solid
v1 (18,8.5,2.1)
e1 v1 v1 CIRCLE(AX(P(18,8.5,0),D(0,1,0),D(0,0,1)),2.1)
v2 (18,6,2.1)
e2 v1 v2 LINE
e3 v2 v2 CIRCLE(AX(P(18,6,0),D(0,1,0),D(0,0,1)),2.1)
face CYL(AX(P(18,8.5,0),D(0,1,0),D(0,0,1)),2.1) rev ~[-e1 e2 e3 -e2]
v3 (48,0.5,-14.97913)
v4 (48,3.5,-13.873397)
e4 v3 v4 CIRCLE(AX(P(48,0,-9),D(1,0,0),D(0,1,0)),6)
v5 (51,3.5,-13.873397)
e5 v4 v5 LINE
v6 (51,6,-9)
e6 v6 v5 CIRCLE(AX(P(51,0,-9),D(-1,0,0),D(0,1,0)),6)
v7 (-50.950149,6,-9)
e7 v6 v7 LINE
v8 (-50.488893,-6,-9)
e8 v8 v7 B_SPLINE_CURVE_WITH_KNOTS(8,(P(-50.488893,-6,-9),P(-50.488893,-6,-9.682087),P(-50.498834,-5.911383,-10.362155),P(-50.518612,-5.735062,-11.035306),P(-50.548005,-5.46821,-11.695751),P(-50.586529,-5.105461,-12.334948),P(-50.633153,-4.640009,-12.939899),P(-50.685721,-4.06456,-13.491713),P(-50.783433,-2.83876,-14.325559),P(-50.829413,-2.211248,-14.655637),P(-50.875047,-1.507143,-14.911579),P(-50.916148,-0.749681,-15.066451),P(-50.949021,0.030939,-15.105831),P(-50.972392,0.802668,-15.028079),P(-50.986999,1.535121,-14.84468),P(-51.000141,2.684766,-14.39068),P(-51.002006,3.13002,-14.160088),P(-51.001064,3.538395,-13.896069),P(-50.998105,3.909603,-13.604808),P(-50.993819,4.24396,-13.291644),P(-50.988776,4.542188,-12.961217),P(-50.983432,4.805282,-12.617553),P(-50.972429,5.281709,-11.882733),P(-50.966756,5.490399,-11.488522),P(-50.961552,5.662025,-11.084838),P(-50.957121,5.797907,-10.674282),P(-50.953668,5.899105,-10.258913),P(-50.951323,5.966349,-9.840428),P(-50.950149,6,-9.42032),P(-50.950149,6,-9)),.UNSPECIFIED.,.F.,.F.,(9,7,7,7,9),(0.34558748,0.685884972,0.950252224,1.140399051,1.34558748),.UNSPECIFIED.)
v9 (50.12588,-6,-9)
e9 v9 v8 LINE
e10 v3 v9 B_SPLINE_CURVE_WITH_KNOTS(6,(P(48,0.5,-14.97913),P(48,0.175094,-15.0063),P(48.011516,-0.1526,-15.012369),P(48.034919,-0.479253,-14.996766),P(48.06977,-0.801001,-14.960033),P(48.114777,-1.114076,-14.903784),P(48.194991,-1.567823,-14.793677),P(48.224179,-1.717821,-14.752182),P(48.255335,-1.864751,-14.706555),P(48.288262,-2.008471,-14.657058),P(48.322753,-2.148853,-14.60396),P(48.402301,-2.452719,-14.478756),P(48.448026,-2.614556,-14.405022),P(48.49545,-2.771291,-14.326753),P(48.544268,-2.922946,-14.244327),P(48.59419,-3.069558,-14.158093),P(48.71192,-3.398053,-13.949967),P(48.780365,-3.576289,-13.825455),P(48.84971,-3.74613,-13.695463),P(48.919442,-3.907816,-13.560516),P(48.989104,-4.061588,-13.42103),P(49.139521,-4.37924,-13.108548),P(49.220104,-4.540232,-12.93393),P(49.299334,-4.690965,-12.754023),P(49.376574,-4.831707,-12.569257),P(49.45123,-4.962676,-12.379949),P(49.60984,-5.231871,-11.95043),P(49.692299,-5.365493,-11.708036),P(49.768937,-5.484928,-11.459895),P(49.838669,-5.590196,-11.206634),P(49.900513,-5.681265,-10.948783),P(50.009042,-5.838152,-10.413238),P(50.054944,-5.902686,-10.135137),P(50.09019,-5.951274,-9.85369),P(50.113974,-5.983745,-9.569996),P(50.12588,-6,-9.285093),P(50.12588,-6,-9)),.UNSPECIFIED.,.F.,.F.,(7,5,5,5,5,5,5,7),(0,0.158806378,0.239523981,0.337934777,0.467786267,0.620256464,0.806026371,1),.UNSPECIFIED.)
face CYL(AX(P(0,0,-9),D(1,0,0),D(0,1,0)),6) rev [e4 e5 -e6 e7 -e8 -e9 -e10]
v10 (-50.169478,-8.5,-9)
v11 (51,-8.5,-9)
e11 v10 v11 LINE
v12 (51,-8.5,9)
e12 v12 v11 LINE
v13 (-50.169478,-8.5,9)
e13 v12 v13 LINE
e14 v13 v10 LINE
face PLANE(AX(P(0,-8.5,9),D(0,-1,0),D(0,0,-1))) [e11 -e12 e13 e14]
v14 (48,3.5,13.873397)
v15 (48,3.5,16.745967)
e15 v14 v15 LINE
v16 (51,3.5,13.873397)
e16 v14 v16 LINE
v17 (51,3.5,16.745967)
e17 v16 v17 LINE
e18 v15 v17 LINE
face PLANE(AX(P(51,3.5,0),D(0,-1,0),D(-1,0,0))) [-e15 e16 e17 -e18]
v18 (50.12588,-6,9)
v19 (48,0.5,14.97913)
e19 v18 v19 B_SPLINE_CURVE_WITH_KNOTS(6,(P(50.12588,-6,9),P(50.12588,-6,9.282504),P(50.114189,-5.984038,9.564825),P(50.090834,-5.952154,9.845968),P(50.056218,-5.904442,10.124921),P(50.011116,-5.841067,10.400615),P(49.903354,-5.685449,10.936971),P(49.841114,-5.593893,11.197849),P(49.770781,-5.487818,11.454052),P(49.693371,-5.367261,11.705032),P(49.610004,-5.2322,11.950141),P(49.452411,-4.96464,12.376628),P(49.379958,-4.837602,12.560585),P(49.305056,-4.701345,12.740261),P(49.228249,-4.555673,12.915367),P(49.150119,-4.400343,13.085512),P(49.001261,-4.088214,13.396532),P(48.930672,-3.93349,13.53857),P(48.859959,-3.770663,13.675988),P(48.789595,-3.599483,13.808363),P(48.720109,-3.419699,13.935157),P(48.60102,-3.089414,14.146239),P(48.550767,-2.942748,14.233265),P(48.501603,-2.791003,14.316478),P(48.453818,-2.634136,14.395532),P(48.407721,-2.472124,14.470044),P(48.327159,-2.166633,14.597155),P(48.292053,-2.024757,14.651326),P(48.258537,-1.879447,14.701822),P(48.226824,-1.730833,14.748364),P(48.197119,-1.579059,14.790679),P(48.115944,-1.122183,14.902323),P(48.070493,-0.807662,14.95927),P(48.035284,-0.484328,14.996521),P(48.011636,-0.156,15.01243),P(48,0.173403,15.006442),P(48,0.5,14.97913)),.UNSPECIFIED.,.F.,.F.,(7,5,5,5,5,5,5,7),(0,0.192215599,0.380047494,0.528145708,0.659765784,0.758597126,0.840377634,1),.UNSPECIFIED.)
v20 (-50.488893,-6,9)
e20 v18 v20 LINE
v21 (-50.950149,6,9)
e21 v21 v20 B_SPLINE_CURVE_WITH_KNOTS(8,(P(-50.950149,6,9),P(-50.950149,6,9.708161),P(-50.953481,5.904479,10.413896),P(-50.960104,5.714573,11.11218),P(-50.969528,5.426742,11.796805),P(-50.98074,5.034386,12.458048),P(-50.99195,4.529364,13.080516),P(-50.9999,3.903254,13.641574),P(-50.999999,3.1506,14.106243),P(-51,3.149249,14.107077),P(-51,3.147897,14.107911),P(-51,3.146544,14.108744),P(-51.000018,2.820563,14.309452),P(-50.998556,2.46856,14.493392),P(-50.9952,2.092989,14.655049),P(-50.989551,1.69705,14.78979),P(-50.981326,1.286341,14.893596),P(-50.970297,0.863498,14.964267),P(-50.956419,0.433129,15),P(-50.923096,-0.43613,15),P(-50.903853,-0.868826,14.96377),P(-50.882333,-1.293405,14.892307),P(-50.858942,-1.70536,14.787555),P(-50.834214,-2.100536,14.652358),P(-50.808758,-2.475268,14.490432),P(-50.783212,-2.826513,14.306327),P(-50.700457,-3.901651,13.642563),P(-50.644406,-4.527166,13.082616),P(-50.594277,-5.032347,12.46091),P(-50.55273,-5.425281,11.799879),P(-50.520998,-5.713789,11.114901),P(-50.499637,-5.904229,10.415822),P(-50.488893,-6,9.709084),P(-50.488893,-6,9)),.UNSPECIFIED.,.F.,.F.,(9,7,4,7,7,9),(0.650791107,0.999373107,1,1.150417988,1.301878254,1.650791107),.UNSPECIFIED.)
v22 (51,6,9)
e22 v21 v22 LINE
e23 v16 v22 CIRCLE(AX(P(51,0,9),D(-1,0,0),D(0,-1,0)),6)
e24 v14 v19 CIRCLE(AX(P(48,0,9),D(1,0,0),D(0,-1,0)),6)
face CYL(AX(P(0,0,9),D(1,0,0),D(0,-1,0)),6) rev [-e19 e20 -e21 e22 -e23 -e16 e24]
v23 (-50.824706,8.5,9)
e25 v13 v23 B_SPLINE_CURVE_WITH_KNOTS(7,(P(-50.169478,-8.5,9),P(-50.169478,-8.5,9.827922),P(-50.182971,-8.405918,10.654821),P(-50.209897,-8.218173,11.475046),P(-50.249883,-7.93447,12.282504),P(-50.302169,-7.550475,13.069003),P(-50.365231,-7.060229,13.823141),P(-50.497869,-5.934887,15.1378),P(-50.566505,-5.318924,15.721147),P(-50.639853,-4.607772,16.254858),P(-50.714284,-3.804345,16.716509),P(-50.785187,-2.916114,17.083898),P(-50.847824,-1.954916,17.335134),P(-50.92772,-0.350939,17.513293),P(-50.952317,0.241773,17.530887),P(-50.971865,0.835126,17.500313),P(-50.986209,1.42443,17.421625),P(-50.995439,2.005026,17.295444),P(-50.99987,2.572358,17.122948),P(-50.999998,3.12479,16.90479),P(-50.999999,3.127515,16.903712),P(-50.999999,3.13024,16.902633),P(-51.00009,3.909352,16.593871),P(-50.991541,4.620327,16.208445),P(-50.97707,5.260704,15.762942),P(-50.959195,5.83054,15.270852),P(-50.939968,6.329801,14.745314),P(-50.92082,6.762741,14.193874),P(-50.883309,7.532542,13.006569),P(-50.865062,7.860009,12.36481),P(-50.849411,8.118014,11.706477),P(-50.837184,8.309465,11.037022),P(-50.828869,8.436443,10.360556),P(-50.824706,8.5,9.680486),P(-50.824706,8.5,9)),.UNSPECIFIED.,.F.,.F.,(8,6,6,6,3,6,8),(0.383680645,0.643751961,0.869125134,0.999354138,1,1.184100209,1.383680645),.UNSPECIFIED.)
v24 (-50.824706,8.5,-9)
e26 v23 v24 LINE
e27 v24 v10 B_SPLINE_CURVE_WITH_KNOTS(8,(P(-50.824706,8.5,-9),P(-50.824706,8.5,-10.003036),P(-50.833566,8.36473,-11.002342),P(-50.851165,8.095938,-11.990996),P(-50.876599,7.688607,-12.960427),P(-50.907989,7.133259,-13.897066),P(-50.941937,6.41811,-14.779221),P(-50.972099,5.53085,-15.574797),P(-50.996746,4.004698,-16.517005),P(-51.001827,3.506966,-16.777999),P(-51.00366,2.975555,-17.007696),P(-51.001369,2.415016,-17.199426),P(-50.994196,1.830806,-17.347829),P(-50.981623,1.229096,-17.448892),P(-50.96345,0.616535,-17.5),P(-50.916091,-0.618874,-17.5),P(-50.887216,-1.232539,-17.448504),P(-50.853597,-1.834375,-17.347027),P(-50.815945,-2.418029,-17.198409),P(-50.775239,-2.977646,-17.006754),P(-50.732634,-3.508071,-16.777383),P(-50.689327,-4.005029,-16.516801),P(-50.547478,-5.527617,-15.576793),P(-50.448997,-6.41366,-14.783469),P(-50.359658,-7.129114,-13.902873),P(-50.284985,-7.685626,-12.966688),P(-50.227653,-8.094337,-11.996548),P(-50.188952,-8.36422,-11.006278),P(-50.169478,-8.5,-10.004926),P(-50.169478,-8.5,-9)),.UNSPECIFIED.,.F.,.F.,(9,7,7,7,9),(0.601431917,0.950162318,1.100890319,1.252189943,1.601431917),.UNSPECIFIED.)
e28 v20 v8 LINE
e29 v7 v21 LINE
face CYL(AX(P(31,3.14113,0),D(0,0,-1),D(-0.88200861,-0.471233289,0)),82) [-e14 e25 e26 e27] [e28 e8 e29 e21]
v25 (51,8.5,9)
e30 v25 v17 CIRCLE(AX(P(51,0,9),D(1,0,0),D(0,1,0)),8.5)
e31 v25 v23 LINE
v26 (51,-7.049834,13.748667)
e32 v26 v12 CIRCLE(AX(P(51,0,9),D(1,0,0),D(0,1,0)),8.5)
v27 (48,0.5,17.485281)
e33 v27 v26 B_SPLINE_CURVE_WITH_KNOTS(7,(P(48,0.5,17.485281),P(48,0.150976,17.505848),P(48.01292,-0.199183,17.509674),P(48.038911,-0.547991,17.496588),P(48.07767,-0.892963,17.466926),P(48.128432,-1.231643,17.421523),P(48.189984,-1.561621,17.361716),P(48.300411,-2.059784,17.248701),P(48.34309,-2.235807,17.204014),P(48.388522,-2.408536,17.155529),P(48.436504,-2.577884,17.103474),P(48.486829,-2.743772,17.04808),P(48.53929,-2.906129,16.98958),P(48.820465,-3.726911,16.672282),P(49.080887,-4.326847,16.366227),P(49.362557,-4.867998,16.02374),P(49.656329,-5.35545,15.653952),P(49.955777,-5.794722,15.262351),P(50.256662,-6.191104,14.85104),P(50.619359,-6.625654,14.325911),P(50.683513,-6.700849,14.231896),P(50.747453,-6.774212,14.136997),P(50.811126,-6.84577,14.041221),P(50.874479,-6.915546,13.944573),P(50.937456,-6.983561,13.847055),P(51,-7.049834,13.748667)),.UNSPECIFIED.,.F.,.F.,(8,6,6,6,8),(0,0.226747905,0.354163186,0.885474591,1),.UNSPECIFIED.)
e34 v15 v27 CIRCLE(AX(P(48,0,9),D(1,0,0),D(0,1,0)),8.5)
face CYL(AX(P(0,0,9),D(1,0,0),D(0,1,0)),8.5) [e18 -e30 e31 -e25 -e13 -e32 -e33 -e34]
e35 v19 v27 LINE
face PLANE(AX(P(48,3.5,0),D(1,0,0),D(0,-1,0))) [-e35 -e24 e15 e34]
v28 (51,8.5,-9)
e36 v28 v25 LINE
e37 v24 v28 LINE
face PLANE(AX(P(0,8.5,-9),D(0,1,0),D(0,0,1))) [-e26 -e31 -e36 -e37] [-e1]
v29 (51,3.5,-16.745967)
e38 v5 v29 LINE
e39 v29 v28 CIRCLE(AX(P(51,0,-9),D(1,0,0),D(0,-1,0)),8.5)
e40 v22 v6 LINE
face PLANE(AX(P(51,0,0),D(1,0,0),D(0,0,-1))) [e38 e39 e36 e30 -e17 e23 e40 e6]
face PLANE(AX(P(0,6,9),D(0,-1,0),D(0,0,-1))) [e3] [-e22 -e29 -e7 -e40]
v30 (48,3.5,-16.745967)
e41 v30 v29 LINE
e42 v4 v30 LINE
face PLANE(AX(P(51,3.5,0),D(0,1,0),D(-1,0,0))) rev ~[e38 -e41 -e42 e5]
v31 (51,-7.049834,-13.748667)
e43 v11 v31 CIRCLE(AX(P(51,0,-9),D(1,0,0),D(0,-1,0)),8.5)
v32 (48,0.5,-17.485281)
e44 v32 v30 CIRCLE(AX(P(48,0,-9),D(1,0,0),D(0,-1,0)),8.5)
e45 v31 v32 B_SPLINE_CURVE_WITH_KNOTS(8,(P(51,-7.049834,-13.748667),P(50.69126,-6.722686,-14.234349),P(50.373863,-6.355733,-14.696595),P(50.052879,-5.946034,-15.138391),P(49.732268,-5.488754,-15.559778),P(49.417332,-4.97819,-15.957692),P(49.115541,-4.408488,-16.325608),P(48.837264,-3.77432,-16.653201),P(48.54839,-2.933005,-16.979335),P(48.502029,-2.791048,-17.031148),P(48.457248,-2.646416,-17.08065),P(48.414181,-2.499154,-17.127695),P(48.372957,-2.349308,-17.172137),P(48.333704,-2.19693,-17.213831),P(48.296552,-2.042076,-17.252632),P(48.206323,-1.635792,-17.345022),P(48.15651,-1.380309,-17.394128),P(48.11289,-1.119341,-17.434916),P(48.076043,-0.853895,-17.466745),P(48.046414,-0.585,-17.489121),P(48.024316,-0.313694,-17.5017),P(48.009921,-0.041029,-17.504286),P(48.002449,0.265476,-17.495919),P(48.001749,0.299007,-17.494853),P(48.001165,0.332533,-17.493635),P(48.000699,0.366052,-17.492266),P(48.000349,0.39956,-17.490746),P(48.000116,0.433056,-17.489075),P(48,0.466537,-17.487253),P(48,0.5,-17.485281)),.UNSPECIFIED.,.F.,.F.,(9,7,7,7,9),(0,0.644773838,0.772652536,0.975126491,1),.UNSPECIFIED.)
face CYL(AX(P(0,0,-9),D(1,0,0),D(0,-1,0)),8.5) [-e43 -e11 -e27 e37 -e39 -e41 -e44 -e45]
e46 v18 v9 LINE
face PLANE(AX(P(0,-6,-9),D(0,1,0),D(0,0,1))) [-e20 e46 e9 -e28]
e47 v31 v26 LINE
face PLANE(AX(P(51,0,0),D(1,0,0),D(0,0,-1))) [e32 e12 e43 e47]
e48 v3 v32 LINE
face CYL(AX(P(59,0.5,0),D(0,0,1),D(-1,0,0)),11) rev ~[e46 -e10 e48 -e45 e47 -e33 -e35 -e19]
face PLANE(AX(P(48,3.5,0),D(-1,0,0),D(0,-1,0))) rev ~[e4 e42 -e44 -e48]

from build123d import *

# Parameters (mm, degrees)
EXTRUSION1_DEPTH             = 51
ENL_V_MAT_EXTRU_2_DEPTH      = 18.5
ENL_V_MAT_EXTRU_2_DEPTH_BACK = 18.5
ENL_V_MAT_EXTRU_3_REACH      = 19
ESQUISSE4_R                  = 2.1
ENL_V_MAT_EXTRU_4_DEPTH      = 18.5000001
ENL_V_MAT_EXTRU_4_DEPTH_BACK = 18.5000001


with BuildPart() as part:
    # Esquisse1 → Extrusion1 (new body, symmetric)
    with BuildSketch(Plane(origin=(0, 0, 0), x_dir=(0, 0, -1), z_dir=(1, 0, 0))):
        with BuildLine():
            Line((-9, -8.5), (9, -8.5))
            ThreePointArc((9, -8.5), (17.5, 0), (9, 8.5))
            Line((9, 8.5), (-9, 8.5))
            ThreePointArc((-9, 8.5), (-17.5, 0), (-9, -8.5))
        make_face()
        with BuildLine():
            Line((-9, 6), (9, 6))
            ThreePointArc((9, 6), (15, 0), (9, -6))
            Line((9, -6), (-9, -6))
            ThreePointArc((-9, -6), (-15, 0), (-9, 6))
        make_face(mode=Mode.SUBTRACT)
    extrude(amount=EXTRUSION1_DEPTH, both=True)

    # Esquisse3 → Enlèv. mat.-Extru.2 (cut, two sides)
    with BuildSketch(Plane.XY) as enl_v_mat_extru_2_sk:
        with BuildLine():
            Line((51, 3.5), (48, 3.5))
            Line((48, 3.5), (48, 0.5))
            ThreePointArc((48, 0.5), (48.77747585, -3.562019202), (51, -7.049834435))
            Line((51, -7.049834435), (51, 3.5))
        make_face()
    extrude(amount=ENL_V_MAT_EXTRU_2_DEPTH, mode=Mode.SUBTRACT)
    extrude(enl_v_mat_extru_2_sk.sketch, amount=-ENL_V_MAT_EXTRU_2_DEPTH_BACK, mode=Mode.SUBTRACT)

    # Esquisse4 → Enlèv. mat.-Extru.3 (cut, up to next)
    with BuildSketch(Plane(origin=(0, 8.5, 0), x_dir=(-1, 0, 0), z_dir=(0, 1, 0)), mode=Mode.PRIVATE) as enl_v_mat_extru_3_sk1:
        with Locations(Location((-18, 0, 0), (0, 0, 90))):  # turned: the seam where the file's is
            Circle(ESQUISSE4_R)
    enl_v_mat_extru_3_tool1 = extrude(enl_v_mat_extru_3_sk1.sketch, amount=-ENL_V_MAT_EXTRU_3_REACH, mode=Mode.PRIVATE) & part.part
    add(enl_v_mat_extru_3_tool1.solids().sort_by_distance((18, 8.5, 0))[0], mode=Mode.SUBTRACT)

    # Esquisse5 → Enlèv. mat.-Extru.4 (cut, two sides)
    with BuildSketch(Plane.XY) as enl_v_mat_extru_4_sk:
        with BuildLine():
            Line((60.682276478, -226.426742354), (-41.324705982, -35.5))
            ThreePointArc((-41.324705982, -35.5), (-49.153043001, -14.164640947), (-50.824705982, 8.5))
            Line((-50.824705982, 8.5), (-36.678065011, 224.505365595))
            Line((-36.678065011, 224.505365595), (-459.862900179, 133.135912547))
            Line((-459.862900179, 133.135912547), (-362.50255869, -317.796195402))
            Line((-362.50255869, -317.796195402), (60.682276478, -226.426742354))
        make_face()
    extrude(amount=ENL_V_MAT_EXTRU_4_DEPTH, mode=Mode.SUBTRACT)
    extrude(enl_v_mat_extru_4_sk.sketch, amount=-ENL_V_MAT_EXTRU_4_DEPTH_BACK, mode=Mode.SUBTRACT)


solid = part.part
